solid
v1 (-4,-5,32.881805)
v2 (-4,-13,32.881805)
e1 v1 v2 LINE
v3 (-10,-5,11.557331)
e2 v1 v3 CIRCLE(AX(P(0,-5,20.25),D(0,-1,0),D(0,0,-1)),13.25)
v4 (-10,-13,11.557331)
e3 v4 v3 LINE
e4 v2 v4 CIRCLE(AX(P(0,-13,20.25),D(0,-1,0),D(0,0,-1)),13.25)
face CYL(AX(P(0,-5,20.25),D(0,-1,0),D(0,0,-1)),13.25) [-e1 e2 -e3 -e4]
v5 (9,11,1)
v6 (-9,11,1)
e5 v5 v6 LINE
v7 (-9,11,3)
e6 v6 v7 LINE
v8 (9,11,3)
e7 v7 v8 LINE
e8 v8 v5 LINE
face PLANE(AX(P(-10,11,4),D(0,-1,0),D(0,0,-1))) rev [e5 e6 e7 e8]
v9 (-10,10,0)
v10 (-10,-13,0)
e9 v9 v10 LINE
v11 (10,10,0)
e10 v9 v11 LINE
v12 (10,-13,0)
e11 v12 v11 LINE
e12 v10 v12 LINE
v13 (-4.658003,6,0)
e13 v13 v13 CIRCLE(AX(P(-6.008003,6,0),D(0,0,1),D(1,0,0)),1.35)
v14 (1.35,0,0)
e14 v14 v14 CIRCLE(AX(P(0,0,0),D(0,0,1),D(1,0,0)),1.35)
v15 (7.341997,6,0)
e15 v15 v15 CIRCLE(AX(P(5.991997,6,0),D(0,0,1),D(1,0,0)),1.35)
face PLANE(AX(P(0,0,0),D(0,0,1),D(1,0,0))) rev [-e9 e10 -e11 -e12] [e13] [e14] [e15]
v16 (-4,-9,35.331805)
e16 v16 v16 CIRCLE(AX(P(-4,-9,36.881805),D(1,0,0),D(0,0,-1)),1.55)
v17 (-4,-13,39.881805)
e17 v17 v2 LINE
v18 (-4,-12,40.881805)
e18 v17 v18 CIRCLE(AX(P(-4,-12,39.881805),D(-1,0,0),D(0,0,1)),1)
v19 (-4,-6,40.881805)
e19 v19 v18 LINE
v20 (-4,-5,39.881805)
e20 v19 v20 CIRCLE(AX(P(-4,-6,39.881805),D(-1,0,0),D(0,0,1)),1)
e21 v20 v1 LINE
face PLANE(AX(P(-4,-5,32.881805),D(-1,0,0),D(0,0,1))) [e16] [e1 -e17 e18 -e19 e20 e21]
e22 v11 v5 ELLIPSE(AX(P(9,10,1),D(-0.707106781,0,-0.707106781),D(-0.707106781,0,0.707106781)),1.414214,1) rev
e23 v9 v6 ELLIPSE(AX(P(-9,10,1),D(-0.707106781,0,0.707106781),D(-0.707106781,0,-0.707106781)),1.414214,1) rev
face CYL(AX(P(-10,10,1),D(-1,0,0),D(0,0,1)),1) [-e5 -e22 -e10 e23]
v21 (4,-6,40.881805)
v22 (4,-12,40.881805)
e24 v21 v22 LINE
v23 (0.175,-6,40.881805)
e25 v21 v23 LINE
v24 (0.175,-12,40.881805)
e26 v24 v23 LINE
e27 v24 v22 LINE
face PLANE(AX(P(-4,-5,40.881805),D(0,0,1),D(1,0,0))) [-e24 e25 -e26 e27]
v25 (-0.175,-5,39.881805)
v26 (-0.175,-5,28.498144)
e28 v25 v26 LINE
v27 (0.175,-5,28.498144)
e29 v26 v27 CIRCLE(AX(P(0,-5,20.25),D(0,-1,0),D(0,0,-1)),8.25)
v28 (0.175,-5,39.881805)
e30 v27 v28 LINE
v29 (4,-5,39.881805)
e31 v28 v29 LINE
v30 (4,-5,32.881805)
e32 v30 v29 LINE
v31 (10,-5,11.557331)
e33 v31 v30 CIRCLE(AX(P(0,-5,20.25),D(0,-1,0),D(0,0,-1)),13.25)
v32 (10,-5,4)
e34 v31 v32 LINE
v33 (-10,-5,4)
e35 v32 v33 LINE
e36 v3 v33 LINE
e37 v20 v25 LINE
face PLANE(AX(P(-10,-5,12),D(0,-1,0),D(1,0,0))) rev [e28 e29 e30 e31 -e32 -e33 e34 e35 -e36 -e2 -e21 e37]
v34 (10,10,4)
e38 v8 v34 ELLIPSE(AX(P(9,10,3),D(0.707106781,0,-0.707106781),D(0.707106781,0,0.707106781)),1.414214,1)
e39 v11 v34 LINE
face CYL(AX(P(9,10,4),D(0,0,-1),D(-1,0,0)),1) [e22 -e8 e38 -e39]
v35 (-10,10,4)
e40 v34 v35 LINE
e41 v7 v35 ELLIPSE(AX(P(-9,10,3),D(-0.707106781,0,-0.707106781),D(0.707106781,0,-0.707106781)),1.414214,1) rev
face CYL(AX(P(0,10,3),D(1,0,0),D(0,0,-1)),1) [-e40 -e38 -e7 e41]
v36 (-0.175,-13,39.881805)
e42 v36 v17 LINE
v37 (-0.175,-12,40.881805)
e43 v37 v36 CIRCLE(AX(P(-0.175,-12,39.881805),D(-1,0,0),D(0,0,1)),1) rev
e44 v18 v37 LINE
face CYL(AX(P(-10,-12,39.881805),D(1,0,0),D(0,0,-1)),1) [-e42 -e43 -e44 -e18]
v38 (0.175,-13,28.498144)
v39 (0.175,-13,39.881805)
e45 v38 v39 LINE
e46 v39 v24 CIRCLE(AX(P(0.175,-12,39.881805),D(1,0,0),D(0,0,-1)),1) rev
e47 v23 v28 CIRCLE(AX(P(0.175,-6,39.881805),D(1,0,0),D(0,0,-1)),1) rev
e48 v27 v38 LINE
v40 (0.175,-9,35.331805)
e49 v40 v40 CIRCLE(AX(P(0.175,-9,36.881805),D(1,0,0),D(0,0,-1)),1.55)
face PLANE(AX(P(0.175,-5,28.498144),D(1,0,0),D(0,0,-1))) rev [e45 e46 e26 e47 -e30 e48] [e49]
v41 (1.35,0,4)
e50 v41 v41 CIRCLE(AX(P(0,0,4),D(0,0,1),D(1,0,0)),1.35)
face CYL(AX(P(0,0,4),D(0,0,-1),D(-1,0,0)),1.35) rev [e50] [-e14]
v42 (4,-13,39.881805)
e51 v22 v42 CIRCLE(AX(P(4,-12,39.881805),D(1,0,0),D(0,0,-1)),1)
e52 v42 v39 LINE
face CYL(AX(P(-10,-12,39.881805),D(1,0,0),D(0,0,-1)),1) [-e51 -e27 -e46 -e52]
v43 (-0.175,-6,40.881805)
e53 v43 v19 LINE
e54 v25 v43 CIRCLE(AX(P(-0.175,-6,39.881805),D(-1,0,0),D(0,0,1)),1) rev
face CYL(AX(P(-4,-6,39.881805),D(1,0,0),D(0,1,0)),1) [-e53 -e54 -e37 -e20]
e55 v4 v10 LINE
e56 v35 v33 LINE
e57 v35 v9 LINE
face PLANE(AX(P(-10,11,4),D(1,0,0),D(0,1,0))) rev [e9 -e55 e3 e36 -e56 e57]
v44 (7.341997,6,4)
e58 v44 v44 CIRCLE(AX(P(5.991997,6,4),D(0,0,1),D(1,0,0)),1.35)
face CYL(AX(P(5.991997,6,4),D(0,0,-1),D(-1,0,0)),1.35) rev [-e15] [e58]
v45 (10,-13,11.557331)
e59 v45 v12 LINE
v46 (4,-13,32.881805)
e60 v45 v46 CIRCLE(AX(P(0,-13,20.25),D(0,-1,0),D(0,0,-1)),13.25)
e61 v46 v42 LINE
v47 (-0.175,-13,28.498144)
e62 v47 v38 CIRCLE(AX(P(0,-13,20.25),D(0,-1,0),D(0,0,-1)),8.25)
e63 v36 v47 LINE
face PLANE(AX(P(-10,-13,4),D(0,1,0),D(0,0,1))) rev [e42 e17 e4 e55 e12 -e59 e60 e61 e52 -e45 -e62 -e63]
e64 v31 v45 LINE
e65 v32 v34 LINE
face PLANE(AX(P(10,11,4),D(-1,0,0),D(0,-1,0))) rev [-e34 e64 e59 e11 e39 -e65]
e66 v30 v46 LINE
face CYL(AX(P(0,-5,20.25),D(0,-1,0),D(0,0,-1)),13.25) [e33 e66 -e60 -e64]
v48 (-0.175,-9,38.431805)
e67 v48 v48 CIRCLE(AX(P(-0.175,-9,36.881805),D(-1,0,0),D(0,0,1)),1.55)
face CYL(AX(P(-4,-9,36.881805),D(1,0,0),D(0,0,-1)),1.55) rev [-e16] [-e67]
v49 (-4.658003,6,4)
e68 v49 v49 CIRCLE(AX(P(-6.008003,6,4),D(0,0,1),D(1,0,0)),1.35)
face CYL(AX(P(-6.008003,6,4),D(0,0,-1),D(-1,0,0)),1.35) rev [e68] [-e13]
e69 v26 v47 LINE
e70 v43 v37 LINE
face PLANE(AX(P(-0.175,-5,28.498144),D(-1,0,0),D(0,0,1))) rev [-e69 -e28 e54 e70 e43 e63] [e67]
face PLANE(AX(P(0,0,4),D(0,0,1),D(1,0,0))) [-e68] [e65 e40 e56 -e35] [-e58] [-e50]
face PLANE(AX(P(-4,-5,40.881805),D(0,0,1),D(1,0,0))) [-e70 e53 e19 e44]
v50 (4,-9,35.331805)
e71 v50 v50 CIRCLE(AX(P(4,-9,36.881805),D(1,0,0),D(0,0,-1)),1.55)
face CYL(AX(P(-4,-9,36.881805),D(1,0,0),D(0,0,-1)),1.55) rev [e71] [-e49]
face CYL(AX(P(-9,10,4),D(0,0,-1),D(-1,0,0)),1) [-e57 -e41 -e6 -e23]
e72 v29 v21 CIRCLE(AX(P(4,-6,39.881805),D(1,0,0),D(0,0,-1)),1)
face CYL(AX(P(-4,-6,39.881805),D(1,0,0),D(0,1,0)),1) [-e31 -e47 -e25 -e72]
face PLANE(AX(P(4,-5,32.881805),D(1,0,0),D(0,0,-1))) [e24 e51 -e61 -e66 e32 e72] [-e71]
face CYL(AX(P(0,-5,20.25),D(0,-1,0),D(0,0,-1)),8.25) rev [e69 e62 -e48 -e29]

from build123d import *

# Parameters (mm, degrees)
SKETCH1_W           = 20
SKETCH1_H           = 24
SKETCH1_R           = 1.35
BOSS_EXTRUDE1_DEPTH = 4
SKETCH2_W           = 20
SKETCH2_H           = 8
BOSS_EXTRUDE2_DEPTH = 8
SKETCH3_R           = 8.25
BOSS_EXTRUDE3_DEPTH = 8
SKETCH4_W           = 0.35
SKETCH4_H           = 20.293623418
CUT_EXTRUDE1_DEPTH  = 8
SKETCH6_R           = 1.55
CUT_EXTRUDE2_DEPTH  = 8
FILLET1_R           = 1


with BuildPart() as part:
    # Sketch1 → Boss-Extrude1 (new body)
    with BuildSketch(Plane.XY):
        with Locations((0, -1)):
            Rectangle(SKETCH1_W, SKETCH1_H)
        with Locations((5.991996797, 6)):
            Circle(SKETCH1_R, mode=Mode.SUBTRACT)
        Circle(SKETCH1_R, mode=Mode.SUBTRACT)
        with Locations((-6.008003203, 6)):
            Circle(SKETCH1_R, mode=Mode.SUBTRACT)
    extrude(amount=BOSS_EXTRUDE1_DEPTH)

    # Sketch2 → Boss-Extrude2 (add)
    with BuildSketch(Plane.XY.offset(4)):
        with Locations((0, -9)):
            Rectangle(SKETCH2_W, SKETCH2_H)
    extrude(amount=BOSS_EXTRUDE2_DEPTH)

    # Sketch3 → Boss-Extrude3 (add)
    with BuildSketch(Plane.XZ.offset(13)):
        with BuildLine():
            Line((-4, 32.881805097), (-4, 40.881805097))
            Line((-4, 40.881805097), (4, 40.881805097))
            Line((4, 40.881805097), (4, 32.881805097))
            ThreePointArc((4, 32.881805097), (0, 7), (-4, 32.881805097))
        make_face()
        with Locations((0, 20.25)):
            Circle(SKETCH3_R, mode=Mode.SUBTRACT)
    extrude(amount=-BOSS_EXTRUDE3_DEPTH)

    # Sketch4 → Cut-Extrude1 (cut)
    with BuildSketch(Plane.XZ.offset(13)):
        with Locations((0, 38.64495544)):
            Rectangle(SKETCH4_W, SKETCH4_H)
    extrude(amount=-CUT_EXTRUDE1_DEPTH, mode=Mode.SUBTRACT)

    # Sketch6 → Cut-Extrude2 (cut)
    with BuildSketch(Plane(origin=(4, 0, 0), x_dir=(0, 0, -1), z_dir=(1, 0, 0))):
        with Locations((-36.881805097, -9)):
            Circle(SKETCH6_R)
    extrude(amount=-CUT_EXTRUDE2_DEPTH, mode=Mode.SUBTRACT)

    # Fillet1
    fillet1_edges = [part.edges().sort_by_distance(p)[0] for p in [
        (10, 11, 2),
        (0, 11, 4),
        (-10, 11, 2),
        (0, 11, 0),
        (-2.0875, -5, 40.881805097),
        (-2.0875, -13, 40.881805097),
        (2.0875, -13, 40.881805097),
        (2.0875, -5, 40.881805097),
    ]]
    fillet(fillet1_edges, radius=FILLET1_R)


solid = part.part
